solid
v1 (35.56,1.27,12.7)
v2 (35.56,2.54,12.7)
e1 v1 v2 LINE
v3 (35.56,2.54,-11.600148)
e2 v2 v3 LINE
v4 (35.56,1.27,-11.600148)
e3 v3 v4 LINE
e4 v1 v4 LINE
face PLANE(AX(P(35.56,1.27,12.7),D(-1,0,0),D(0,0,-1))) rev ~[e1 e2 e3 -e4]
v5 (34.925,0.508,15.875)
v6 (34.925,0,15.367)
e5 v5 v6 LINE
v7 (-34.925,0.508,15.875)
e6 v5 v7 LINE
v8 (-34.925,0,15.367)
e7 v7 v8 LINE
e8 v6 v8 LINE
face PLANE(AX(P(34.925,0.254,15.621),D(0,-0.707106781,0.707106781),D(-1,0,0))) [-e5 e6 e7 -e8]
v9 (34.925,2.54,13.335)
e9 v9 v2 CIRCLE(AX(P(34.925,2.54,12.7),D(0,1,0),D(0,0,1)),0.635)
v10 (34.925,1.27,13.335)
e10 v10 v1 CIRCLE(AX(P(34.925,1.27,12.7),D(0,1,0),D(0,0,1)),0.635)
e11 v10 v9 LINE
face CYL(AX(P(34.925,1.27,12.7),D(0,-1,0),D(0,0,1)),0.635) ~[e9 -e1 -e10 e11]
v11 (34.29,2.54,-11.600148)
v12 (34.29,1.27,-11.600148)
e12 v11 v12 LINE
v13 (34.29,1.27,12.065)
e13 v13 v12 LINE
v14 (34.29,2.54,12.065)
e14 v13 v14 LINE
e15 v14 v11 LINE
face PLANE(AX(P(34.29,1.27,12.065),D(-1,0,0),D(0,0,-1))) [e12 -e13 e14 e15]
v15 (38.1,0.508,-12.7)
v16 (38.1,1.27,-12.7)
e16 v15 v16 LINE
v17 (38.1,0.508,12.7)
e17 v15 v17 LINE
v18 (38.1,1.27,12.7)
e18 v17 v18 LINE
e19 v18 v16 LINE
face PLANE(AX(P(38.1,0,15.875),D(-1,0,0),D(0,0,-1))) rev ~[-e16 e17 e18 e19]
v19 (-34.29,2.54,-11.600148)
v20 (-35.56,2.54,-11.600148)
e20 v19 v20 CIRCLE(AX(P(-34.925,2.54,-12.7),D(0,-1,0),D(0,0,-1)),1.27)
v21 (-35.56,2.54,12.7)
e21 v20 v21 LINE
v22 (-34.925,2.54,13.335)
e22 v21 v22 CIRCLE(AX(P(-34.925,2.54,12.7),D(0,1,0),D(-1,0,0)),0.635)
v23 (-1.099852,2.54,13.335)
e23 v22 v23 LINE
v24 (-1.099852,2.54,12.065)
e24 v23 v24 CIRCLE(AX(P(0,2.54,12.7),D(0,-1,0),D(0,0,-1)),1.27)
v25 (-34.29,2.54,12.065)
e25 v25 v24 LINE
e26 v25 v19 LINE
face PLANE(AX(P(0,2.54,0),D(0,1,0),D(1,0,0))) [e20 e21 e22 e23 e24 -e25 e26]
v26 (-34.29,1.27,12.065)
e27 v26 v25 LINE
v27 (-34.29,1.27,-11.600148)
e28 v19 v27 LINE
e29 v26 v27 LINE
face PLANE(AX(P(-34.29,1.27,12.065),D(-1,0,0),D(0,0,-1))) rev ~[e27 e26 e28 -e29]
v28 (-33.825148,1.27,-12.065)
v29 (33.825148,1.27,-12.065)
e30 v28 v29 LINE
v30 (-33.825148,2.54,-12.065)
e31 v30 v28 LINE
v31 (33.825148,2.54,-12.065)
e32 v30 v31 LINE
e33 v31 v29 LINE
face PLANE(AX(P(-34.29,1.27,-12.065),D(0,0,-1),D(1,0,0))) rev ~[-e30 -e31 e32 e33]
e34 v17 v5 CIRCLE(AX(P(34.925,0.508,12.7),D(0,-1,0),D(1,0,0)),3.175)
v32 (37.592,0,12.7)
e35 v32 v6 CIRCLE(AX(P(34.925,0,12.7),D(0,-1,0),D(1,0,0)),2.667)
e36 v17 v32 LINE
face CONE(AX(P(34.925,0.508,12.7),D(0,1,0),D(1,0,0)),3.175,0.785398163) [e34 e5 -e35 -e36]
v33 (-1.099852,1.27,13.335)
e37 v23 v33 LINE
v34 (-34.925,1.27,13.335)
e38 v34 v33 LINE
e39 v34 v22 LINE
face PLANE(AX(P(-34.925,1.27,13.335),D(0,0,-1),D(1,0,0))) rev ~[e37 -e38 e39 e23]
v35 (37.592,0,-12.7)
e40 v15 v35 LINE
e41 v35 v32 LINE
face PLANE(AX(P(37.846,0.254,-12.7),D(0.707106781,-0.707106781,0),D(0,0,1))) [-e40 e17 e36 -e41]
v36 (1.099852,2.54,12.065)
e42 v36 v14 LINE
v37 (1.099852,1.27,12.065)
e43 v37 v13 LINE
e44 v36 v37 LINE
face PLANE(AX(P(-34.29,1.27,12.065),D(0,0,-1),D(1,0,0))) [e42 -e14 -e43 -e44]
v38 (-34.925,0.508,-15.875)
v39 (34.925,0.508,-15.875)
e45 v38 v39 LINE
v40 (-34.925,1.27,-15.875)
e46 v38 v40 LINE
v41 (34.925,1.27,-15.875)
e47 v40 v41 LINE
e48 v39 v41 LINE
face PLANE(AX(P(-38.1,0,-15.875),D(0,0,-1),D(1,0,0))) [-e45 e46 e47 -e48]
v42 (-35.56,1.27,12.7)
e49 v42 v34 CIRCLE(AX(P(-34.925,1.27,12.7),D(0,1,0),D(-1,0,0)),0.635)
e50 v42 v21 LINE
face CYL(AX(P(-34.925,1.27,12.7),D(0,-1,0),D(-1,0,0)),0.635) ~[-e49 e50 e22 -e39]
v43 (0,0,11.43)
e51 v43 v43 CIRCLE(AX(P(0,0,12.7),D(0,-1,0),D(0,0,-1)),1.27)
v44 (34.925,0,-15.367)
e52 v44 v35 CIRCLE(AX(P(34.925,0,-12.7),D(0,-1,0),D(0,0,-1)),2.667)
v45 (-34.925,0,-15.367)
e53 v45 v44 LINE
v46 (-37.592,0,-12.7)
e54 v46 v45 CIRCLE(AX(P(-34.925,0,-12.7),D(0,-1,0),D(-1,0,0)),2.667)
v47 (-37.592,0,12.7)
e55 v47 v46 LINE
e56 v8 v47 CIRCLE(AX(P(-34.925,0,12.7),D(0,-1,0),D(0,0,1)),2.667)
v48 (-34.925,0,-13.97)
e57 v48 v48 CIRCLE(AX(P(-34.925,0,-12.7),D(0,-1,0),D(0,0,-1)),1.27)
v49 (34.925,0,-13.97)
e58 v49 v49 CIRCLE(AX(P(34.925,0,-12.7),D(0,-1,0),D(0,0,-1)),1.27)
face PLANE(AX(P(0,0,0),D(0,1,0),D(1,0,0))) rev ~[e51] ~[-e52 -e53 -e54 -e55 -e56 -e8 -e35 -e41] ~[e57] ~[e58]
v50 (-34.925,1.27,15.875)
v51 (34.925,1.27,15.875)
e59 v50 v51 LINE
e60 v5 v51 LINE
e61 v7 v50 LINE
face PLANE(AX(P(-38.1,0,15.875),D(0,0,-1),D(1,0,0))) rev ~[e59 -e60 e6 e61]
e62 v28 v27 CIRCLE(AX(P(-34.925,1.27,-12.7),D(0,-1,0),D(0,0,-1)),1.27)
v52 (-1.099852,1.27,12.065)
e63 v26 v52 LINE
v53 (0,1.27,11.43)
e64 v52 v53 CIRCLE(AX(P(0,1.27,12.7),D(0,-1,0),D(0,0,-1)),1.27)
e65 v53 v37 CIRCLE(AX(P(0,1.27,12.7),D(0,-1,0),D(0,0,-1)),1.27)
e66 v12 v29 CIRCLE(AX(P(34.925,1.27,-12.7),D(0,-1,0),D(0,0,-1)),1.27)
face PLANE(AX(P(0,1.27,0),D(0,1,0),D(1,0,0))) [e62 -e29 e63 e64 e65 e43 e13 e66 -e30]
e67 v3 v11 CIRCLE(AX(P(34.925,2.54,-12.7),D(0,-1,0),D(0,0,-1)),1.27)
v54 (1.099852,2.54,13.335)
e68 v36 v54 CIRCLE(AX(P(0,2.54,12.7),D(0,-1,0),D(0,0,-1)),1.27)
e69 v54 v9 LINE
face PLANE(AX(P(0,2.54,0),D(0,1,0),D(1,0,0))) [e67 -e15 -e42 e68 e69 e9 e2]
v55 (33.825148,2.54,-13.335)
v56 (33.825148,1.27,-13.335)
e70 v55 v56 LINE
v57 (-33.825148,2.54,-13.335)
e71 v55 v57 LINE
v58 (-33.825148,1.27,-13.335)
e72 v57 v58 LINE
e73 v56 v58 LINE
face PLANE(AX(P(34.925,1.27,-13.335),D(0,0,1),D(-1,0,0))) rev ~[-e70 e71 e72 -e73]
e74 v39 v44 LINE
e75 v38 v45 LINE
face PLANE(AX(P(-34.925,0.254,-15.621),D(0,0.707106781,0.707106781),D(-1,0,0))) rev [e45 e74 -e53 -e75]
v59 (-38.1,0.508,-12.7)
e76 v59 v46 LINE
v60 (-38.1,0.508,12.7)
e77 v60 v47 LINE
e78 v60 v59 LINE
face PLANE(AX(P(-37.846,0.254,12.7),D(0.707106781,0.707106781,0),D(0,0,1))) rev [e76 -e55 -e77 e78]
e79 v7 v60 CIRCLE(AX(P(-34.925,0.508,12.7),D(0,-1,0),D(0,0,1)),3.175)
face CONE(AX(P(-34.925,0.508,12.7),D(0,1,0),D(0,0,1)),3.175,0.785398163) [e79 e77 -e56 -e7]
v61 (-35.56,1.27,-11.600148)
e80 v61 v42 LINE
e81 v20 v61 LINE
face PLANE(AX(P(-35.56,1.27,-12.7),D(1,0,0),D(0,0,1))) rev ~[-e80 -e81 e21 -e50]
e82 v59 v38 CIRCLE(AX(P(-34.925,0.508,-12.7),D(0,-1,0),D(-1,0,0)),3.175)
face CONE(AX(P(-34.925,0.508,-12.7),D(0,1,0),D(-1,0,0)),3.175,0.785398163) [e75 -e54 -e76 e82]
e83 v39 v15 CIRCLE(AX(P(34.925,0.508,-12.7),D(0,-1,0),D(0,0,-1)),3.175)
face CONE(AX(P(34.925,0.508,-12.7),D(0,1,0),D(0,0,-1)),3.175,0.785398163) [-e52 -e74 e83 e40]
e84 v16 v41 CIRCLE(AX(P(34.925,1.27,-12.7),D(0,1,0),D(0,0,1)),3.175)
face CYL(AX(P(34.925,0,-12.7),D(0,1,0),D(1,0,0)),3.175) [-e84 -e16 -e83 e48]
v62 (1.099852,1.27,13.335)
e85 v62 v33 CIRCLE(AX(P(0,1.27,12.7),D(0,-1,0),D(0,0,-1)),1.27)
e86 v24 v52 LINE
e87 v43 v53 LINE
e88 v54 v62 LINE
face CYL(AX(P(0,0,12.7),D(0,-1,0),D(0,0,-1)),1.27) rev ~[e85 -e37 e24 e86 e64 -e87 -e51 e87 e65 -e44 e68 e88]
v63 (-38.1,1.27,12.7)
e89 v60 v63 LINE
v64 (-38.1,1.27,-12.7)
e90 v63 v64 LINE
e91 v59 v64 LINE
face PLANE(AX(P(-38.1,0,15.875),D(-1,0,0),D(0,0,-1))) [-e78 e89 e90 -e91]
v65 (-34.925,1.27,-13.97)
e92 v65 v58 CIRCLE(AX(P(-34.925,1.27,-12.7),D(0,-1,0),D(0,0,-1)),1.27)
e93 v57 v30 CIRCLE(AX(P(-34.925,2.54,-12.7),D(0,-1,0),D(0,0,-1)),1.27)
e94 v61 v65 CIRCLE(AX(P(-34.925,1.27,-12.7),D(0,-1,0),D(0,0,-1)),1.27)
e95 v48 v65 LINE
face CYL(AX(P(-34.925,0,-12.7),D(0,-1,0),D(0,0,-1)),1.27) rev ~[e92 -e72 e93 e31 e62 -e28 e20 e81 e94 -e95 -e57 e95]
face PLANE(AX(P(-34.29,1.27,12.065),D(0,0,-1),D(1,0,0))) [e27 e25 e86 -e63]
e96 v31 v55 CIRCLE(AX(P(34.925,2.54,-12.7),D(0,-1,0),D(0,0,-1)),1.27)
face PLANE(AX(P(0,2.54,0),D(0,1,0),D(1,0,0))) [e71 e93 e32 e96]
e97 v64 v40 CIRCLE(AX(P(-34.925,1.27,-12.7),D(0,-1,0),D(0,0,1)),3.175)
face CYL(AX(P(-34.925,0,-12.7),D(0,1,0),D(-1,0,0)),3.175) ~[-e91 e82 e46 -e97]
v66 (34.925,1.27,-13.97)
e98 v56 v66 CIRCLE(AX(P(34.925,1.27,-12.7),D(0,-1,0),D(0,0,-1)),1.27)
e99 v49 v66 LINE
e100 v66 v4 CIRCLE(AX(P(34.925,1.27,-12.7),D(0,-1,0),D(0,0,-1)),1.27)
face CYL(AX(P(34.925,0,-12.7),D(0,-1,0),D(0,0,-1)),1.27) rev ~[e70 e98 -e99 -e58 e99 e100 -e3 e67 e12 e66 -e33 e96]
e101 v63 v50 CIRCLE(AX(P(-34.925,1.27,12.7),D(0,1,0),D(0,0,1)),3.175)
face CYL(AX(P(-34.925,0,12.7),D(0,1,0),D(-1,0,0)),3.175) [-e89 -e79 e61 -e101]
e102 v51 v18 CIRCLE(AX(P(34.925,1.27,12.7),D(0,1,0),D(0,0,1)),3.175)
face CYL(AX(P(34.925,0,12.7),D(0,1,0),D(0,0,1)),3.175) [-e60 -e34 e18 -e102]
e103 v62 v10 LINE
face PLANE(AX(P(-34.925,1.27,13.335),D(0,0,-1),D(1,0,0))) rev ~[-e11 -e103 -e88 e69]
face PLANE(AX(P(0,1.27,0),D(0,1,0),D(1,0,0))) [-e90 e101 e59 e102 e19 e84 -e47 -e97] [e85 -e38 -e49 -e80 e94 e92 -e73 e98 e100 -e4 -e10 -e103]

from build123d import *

# Parameters (mm, degrees)
SKETCH1_W           = 76.2
SKETCH1_H           = 31.75
BOSS_EXTRUDE1_DEPTH = 1.27
FILLET1_R           = 3.175
SKETCH2_W           = 68.58
SKETCH2_H           = 24.13
BOSS_EXTRUDE2_DEPTH = 1.27
SKETCH3_R           = 1.27
CUT_EXTRUDE1_DEPTH  = 42.353079994
CHAMFER1_SIZE       = 0.508


with BuildPart() as part:
    # Sketch1 → Boss-Extrude1 (new body)
    with BuildSketch(Plane(origin=(0, 0, 0), x_dir=(1, 0, 0), z_dir=(0, 1, 0))):
        Rectangle(SKETCH1_W, SKETCH1_H)
    extrude(amount=BOSS_EXTRUDE1_DEPTH)

    # Fillet1
    fillet1_edges = [part.edges().sort_by_distance(p)[0] for p in [
        (-38.1, 0.635, -15.875),
        (38.1, 0.635, -15.875),
        (38.1, 0.635, 15.875),
        (-38.1, 0.635, 15.875),
    ]]
    fillet(fillet1_edges, radius=FILLET1_R)

    # Sketch2 → Boss-Extrude2 (add)
    with BuildSketch(Plane(origin=(0, 1.27, 0), x_dir=(1, 0, 0), z_dir=(0, 1, 0))):
        with BuildLine():
            Line((34.925, 13.335), (-34.925, 13.335))
            ThreePointArc((-34.925, 13.335), (-35.374012806, 13.149012806), (-35.56, 12.7))
            Line((-35.56, 12.7), (-35.56, -12.7))
            ThreePointArc((-35.56, -12.7), (-35.374012806, -13.149012806), (-34.925, -13.335))
            Line((-34.925, -13.335), (34.925, -13.335))
            ThreePointArc((34.925, -13.335), (35.374012806, -13.149012806), (35.56, -12.7))
            Line((35.56, -12.7), (35.56, 12.7))
            ThreePointArc((35.56, 12.7), (35.374012806, 13.149012806), (34.925, 13.335))
        make_face()
        Rectangle(SKETCH2_W, SKETCH2_H, mode=Mode.SUBTRACT)
    extrude(amount=BOSS_EXTRUDE2_DEPTH)

    # Sketch3 → Cut-Extrude1 (cut, through all)
    with BuildSketch(Plane.XZ):
        with Locations(Location((34.925, -12.7, 0), (0, 0, 270))):
            Circle(SKETCH3_R)
        with Locations(Location((0, 12.7, 0), (0, 0, 270))):
            Circle(SKETCH3_R)
        with Locations(Location((-34.925, -12.7, 0), (0, 0, 270))):
            Circle(SKETCH3_R)
    extrude(amount=-CUT_EXTRUDE1_DEPTH, mode=Mode.SUBTRACT)

    # Chamfer1
    chamfer1_edges = [part.edges().sort_by_distance(p)[0] for p in [
        (-38.1, 0, 0),
        (0, 0, -15.875),
        (38.1, 0, 0),
        (0, 0, 15.875),
        (-37.17006403, 0, 14.94506403),
        (37.17006403, 0, 14.94506403),
        (37.17006403, 0, -14.94506403),
        (-37.17006403, 0, -14.94506403),
    ]]
    chamfer(chamfer1_edges, length=CHAMFER1_SIZE)


solid = part.part
